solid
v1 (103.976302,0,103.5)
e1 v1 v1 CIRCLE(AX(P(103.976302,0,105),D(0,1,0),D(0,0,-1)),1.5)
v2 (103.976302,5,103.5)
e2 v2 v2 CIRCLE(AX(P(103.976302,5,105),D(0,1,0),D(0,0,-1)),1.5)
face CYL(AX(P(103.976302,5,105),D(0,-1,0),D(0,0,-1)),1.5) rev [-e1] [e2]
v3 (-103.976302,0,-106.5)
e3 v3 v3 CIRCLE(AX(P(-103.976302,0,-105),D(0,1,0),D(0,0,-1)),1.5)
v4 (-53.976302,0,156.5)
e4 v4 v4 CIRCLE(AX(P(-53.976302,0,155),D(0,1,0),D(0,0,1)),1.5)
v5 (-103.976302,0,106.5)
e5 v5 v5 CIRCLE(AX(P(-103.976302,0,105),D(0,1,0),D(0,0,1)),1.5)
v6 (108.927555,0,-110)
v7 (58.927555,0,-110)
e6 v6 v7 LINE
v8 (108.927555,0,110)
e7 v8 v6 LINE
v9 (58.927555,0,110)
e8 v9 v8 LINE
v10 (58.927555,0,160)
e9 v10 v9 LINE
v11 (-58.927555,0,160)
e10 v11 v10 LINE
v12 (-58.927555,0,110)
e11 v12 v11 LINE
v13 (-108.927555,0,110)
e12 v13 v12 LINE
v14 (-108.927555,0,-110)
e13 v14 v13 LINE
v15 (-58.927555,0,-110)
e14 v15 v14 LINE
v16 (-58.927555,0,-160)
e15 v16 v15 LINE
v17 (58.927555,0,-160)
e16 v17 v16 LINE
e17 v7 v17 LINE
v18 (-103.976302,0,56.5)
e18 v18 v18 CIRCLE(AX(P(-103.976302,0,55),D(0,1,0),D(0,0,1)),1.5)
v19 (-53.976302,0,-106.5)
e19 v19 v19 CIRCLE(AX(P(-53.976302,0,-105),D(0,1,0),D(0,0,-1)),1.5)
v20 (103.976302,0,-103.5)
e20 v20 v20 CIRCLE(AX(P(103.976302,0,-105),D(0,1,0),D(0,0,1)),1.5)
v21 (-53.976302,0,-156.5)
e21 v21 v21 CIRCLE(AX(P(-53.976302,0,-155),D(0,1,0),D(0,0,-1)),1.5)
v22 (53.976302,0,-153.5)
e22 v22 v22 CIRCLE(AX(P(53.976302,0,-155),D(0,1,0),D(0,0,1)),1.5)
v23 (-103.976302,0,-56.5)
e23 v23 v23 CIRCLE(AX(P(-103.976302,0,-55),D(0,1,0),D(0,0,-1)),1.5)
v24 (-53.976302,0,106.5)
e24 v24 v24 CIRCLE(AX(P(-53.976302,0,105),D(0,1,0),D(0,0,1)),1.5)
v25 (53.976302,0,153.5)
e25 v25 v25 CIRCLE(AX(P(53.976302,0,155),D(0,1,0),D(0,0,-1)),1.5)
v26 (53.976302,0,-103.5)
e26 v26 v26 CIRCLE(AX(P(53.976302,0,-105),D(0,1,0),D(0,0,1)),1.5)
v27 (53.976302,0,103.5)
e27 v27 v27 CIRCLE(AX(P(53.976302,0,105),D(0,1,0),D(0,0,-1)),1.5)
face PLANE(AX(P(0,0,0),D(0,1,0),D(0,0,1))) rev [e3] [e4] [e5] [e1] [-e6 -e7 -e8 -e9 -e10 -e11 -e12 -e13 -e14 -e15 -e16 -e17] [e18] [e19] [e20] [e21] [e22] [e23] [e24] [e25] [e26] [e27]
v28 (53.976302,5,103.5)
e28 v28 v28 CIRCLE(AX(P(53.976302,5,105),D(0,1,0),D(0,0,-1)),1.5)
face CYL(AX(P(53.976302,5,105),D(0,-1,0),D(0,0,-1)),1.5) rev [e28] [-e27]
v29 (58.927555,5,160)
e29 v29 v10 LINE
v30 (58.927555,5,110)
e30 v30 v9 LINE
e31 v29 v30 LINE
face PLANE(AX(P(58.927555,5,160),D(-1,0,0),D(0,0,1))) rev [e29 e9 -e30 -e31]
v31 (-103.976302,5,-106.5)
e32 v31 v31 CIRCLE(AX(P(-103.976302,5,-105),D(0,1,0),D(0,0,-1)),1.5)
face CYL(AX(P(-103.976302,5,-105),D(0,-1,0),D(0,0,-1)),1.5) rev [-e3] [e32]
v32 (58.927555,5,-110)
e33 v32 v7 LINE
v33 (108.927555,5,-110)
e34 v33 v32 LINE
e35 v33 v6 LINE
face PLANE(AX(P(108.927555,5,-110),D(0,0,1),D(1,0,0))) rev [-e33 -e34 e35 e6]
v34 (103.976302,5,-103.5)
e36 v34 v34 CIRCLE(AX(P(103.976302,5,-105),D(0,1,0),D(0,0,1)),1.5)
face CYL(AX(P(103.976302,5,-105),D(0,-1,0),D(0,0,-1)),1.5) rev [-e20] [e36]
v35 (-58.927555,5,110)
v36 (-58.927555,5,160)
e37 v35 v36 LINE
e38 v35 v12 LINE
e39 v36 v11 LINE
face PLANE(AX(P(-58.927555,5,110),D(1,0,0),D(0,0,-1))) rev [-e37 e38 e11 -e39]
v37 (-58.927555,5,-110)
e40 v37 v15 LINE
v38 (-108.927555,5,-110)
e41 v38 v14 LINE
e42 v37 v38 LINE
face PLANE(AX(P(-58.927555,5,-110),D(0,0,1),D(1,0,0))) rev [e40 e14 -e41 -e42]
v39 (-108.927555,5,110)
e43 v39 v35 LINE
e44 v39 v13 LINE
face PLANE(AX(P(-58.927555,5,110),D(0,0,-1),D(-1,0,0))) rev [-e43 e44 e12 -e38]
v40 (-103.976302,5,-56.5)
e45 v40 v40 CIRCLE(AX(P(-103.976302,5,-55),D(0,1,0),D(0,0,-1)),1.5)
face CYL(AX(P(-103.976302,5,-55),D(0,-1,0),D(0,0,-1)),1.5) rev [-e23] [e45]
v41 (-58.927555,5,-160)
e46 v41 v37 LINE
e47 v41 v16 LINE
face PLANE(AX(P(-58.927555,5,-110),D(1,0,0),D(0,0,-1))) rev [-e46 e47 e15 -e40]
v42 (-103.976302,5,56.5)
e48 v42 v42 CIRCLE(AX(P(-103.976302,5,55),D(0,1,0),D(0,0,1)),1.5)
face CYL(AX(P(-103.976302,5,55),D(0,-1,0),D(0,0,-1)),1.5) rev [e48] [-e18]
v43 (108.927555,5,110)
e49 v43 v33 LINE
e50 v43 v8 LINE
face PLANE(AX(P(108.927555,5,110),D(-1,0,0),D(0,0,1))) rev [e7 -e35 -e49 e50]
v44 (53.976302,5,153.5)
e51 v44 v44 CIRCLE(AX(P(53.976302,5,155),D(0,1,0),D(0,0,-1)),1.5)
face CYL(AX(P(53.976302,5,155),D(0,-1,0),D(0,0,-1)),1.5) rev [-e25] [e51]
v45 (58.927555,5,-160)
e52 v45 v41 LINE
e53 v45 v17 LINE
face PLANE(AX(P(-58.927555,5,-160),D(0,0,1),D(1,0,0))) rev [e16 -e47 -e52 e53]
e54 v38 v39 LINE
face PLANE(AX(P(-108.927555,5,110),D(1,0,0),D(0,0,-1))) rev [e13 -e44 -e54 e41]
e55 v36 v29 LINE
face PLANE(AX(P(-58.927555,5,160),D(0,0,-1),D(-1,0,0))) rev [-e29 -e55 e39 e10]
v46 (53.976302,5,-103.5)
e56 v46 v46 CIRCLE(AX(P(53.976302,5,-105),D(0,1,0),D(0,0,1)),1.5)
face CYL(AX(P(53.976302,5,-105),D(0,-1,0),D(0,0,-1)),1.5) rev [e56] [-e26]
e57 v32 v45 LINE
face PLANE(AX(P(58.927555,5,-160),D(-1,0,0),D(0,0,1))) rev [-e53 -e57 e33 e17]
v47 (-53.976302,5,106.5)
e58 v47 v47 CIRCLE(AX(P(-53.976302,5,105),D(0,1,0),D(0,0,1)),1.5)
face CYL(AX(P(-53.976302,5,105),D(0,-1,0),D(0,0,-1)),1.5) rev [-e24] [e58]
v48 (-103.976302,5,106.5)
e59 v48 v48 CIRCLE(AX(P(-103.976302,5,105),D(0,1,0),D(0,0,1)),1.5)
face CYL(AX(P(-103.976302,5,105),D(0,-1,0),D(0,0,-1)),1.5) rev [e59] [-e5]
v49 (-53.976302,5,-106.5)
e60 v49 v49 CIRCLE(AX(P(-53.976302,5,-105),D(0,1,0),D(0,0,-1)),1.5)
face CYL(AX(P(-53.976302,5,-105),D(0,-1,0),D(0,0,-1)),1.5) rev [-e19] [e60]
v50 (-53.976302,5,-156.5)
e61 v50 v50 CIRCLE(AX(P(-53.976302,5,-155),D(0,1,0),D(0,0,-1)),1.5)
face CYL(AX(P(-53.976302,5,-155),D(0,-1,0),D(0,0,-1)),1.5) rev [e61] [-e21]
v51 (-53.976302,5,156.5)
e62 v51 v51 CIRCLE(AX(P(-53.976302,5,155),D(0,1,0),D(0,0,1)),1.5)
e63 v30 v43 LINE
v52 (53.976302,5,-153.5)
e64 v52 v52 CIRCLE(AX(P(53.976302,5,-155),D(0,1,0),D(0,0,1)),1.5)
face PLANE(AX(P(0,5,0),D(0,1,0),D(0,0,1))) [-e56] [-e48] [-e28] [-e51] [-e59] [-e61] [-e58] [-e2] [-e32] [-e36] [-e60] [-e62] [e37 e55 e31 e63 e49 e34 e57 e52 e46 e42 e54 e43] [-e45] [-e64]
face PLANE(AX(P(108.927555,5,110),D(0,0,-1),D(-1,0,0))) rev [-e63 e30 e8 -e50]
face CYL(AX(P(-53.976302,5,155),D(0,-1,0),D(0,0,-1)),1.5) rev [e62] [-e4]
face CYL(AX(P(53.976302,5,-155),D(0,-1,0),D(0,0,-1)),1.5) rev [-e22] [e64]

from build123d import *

# Parameters (mm, degrees)
ESQUISSE1_R        = 1.5
BOSS_EXTRU_1_DEPTH = 5


with BuildPart() as part:
    # Esquisse1 → Boss.-Extru.1 (new body)
    with BuildSketch(Plane(origin=(0, 0, 0), x_dir=(1, 0, 0), z_dir=(0, 1, 0))):
        Polygon((-58.927554829, 110), (-58.927554829, 160), (58.927554829, 160), (58.927554829, 110), (108.927554829, 110), (108.927554829, -110), (58.927554829, -110), (58.927554829, -160), (-58.927554829, -160), (-58.927554829, -110), (-108.927554829, -110), (-108.927554829, 0), (-108.927554829, 110), align=None)
        with Locations(Location((-103.976302336, -105, 0), (0, 0, 270))):
            Circle(ESQUISSE1_R, mode=Mode.SUBTRACT)
        with Locations(Location((-103.976302336, -55, 0), (0, 0, 270))):
            Circle(ESQUISSE1_R, mode=Mode.SUBTRACT)
        with Locations(Location((-53.976302336, -105, 0), (0, 0, 270))):
            Circle(ESQUISSE1_R, mode=Mode.SUBTRACT)
        with Locations(Location((-53.976302336, -155, 0), (0, 0, 270))):
            Circle(ESQUISSE1_R, mode=Mode.SUBTRACT)
        with Locations(Location((-53.976302336, 155, 0), (0, 0, 90))):
            Circle(ESQUISSE1_R, mode=Mode.SUBTRACT)
        with Locations(Location((-53.976302336, 105, 0), (0, 0, 90))):
            Circle(ESQUISSE1_R, mode=Mode.SUBTRACT)
        with Locations(Location((-103.976302336, 105, 0), (0, 0, 90))):
            Circle(ESQUISSE1_R, mode=Mode.SUBTRACT)
        with Locations(Location((-103.976302336, 55, 0), (0, 0, 90))):
            Circle(ESQUISSE1_R, mode=Mode.SUBTRACT)
        with Locations(Location((53.976302336, -155, 0), (0, 0, 90))):
            Circle(ESQUISSE1_R, mode=Mode.SUBTRACT)
        with Locations(Location((53.976302336, -105, 0), (0, 0, 90))):
            Circle(ESQUISSE1_R, mode=Mode.SUBTRACT)
        with Locations(Location((103.976302336, -105, 0), (0, 0, 90))):
            Circle(ESQUISSE1_R, mode=Mode.SUBTRACT)
        with Locations(Location((103.976302336, 105, 0), (0, 0, 270))):
            Circle(ESQUISSE1_R, mode=Mode.SUBTRACT)
        with Locations(Location((53.976302336, 105, 0), (0, 0, 270))):
            Circle(ESQUISSE1_R, mode=Mode.SUBTRACT)
        with Locations(Location((53.976302336, 155, 0), (0, 0, 270))):
            Circle(ESQUISSE1_R, mode=Mode.SUBTRACT)
    extrude(amount=BOSS_EXTRU_1_DEPTH)


solid = part.part
